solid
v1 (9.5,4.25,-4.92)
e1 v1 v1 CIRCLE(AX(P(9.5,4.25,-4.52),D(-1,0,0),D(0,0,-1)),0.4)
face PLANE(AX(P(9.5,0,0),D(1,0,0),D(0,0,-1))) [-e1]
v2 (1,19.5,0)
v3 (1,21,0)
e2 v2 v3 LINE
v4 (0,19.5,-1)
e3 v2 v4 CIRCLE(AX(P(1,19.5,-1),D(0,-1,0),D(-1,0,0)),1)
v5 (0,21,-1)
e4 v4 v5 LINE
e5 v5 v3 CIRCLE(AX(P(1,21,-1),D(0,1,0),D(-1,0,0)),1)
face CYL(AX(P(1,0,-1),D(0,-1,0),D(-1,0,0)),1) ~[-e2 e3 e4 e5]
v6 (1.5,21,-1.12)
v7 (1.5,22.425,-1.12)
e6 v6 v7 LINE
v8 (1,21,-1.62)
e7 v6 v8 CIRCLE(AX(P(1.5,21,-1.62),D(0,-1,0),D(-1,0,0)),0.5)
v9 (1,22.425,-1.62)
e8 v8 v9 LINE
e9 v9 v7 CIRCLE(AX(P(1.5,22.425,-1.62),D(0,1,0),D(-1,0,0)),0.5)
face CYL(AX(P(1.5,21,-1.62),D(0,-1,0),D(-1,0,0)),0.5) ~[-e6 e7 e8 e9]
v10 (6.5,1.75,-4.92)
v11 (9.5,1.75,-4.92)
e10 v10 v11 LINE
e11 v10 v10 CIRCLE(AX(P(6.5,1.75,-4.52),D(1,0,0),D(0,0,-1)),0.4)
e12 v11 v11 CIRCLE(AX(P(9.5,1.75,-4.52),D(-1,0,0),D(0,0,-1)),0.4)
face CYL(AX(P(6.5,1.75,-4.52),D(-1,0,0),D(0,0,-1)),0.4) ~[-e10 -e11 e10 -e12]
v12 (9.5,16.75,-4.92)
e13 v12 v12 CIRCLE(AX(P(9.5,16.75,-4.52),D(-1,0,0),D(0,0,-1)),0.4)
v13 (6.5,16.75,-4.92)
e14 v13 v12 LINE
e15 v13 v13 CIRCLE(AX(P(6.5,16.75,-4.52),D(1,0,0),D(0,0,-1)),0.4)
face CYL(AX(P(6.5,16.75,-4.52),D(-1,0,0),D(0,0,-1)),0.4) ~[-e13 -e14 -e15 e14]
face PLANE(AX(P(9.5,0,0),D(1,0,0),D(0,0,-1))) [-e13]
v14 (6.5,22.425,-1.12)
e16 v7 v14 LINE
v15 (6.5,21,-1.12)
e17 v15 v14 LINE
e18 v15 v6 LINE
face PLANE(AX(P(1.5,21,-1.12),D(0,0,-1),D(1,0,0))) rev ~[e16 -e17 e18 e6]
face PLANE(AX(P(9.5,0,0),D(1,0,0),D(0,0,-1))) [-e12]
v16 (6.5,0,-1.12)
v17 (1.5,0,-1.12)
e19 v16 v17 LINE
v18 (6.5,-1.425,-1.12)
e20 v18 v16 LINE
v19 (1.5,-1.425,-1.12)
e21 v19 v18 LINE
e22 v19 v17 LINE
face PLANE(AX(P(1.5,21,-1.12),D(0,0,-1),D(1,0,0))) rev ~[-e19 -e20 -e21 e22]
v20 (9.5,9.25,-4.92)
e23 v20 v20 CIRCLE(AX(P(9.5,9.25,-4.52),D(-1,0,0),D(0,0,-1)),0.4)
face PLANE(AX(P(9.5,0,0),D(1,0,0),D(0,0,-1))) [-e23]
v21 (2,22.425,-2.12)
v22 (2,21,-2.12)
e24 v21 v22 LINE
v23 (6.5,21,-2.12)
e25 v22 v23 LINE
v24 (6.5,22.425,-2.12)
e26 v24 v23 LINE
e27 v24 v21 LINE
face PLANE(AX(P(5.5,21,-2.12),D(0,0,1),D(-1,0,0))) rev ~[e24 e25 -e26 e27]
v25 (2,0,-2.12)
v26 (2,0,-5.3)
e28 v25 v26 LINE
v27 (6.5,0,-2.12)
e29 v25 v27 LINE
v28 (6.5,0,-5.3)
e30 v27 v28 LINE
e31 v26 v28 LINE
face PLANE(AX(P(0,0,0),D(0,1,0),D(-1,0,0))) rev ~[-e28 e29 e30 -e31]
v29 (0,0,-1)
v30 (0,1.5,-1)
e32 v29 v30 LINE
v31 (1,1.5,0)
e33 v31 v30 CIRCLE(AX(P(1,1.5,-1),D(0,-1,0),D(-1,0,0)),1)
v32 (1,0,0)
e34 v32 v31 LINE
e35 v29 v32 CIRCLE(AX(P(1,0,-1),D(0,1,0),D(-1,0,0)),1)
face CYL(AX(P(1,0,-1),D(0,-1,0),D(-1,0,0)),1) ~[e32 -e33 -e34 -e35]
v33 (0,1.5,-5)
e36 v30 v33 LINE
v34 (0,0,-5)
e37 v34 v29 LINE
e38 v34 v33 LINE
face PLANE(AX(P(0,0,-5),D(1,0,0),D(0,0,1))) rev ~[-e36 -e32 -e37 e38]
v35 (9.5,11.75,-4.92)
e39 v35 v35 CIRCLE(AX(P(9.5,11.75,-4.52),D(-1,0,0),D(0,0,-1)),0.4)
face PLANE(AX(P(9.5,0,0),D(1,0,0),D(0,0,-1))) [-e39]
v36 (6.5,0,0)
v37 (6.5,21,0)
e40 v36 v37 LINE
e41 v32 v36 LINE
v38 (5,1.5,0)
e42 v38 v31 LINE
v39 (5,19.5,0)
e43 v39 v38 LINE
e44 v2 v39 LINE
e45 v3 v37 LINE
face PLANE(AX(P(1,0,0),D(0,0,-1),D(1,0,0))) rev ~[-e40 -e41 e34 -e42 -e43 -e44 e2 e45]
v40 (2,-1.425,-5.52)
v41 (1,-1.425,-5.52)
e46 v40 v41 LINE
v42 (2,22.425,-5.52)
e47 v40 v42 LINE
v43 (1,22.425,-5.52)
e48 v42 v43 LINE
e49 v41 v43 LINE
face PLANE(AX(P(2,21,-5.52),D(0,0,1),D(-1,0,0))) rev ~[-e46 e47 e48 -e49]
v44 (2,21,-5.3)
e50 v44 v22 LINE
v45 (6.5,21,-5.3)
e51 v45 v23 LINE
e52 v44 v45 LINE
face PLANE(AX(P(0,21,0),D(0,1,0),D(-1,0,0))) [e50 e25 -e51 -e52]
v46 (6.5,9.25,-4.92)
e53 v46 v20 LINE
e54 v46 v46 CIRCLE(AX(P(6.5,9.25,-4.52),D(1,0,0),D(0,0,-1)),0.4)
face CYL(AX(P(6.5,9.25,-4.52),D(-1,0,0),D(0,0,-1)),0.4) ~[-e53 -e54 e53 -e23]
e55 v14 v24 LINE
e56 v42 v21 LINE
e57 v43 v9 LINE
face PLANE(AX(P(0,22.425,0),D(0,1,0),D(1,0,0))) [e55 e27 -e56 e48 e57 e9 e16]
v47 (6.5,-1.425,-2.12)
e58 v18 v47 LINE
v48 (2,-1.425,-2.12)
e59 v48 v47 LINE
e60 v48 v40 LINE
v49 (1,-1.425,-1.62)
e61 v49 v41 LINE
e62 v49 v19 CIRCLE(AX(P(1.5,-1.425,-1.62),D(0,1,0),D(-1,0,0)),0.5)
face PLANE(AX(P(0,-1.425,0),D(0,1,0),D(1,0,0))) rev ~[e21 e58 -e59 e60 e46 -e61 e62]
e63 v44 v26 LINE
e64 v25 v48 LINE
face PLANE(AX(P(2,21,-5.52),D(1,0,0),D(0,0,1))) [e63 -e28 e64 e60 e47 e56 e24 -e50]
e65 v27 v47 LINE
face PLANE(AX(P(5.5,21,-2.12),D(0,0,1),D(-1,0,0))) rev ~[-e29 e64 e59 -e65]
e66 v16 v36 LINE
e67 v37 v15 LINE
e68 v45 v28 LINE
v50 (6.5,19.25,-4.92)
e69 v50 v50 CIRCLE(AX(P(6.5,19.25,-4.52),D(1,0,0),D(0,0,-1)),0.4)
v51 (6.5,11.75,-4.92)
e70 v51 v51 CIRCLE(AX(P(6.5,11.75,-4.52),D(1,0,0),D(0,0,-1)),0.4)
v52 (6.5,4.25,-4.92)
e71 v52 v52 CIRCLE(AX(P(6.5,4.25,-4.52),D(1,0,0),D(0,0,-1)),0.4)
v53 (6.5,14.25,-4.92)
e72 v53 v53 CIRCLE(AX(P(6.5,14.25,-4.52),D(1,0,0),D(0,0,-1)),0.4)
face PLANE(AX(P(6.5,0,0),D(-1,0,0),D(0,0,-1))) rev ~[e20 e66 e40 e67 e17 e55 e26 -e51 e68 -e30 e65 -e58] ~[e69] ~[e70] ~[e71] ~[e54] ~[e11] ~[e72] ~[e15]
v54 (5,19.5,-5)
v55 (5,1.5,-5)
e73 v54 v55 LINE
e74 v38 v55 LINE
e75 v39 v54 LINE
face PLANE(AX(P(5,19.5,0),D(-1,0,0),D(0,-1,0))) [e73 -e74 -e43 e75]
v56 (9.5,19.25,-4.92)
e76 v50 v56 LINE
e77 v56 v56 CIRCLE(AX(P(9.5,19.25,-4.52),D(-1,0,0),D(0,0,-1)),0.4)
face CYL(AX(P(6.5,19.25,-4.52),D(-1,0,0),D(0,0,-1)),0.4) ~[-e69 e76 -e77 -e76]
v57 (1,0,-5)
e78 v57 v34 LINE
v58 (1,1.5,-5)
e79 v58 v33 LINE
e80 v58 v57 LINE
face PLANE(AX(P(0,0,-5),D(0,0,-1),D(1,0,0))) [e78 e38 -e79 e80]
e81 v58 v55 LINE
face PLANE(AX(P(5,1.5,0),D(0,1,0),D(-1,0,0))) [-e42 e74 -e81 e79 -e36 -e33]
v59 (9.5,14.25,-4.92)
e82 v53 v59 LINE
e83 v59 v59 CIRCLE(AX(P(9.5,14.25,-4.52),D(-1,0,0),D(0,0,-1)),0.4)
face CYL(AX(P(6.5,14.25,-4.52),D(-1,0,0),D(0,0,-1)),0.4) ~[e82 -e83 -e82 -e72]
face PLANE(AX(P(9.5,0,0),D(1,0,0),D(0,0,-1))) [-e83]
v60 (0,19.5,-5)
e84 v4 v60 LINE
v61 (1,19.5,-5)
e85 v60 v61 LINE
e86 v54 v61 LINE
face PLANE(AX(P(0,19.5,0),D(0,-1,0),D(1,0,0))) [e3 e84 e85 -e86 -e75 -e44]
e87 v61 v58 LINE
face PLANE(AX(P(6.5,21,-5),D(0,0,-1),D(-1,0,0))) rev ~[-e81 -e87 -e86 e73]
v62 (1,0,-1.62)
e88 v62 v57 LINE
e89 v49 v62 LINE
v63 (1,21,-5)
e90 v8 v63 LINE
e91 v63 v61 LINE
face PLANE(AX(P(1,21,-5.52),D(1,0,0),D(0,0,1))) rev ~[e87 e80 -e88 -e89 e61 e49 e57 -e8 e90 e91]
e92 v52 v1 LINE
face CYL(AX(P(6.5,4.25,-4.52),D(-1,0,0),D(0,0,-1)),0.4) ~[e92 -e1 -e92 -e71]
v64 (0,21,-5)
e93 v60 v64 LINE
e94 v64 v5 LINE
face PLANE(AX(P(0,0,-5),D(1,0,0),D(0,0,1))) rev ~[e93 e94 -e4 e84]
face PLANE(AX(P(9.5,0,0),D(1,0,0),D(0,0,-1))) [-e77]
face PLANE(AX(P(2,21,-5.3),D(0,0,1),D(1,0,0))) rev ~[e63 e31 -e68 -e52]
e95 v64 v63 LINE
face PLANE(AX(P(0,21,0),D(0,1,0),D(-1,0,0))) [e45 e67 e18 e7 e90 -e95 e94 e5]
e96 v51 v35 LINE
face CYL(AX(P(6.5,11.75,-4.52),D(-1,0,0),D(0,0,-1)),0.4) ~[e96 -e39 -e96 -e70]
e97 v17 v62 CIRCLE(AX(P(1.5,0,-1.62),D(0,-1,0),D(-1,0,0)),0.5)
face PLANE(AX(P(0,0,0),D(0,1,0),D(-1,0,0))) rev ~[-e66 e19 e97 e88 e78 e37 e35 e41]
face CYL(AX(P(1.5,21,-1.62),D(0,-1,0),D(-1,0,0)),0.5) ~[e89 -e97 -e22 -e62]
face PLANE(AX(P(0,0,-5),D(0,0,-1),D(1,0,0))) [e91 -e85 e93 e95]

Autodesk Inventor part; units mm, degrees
ref_plane "YZ Plane" through (0, 0, 0) normal (1, 0, 0) x (0, 1, 0)
ref_plane "XZ Plane" through (0, 0, 0) normal (0, 1, 0) x (-1, 0, 0)
ref_plane "XY Plane" through (0, 0, 0) normal (0, 0, 1) x (1, 0, 0)
sketch "Эскиз1" plane through (0, 0, 0) normal (0, 1, 0) x (-1, 0, 0)
  line L0 (0, -5) -> (-1, -5)
  line L1 (-1, -5) -> (-3, -5)
  line L2 (-1, -5) -> (-6.5, -5)
  line L3 (-6.5, -5) -> (-6.5, -5)
  line L4 (0, -5) -> (0, -1)
  line L5 (-1, 0) -> (-6.5, 0)
  line L6 (-6.5, 0) -> (-6.5, -5)
  line L7 (-1, -5) -> (-1, -1.1)
  line L8 (-1.5, -0.6) -> (-6.5, -0.6)
  line L9 (-6.5, -0.6) -> (-6.5, -5)
  line L10 (-2, -5) -> (-2, -1.6)
  line L11 (-2, -1.6) -> (-5.5, -1.6)
  line L12 (-5.5, -1.6) -> (-5.5, -5.52)
  line L13 (-5.5, -1.6) -> (-6.5, -1.6)
  arc A0 (0, -1) -> (-1, 0) centre (-1, -1) ccw
  arc A1 (-1, -1.1) -> (-1.5, -0.6) centre (-1.5, -1.1) ccw
  point P0 (0, 0)
  point P1 (0, 0)
  point P2 (-1, -0.6)
  point P3 (-4.25, -5.52)
  dimension "d2" = 1
  dimension "d31" = 5
  dimension "d32" = 4.4
  dimension "d74" = 6.5
  dimension "d75" = 1
  dimension "d76" = 1
  dimension "d77" = 0.5
extrude "Выдавливание1" add sketch "Эскиз1" along normal blind 21
sketch "Эскиз2" plane through (0, 21, 0) normal (0, 1, 0) x (1, 0, 0)
  line L0 (6.5, 5.52) -> (1, 5.52)
  line L1 (1, 5.52) -> (1, 1.62)
  line L2 (1.5, 1.12) -> (6.5, 1.12)
  line L3 (6.5, 1.12) -> (6.5, 5.52)
  line L4 (6.5, 5) -> (0, 5) projected
  line L5 (2, 2.12) -> (2, 4.52)
  line L6 (2, 4.52) -> (5.5, 4.52)
  line L7 (5.5, 4.52) -> (5.5, 2.12)
  line L8 (5.5, 2.12) -> (2, 2.12)
  line L9 (6.5, 5.52) -> (2, 5.52)
  line L10 (2, 5.52) -> (2, 2.12)
  line L11 (2, 2.12) -> (6.5, 2.12)
  line L12 (6.5, 2.12) -> (6.5, 5.52)
  arc A0 (1, 1.62) -> (1.5, 1.12) centre (1.5, 1.62) ccw
  point P0 (0, 0)
  point P1 (1, 1.12)
  point P2 (2, 5)
  point P3 (1, 5)
  point P4 (2, 5.52)
  dimension "d78" = 5.5
  dimension "d79" = 4.4
  dimension "d80" = 0.52
  dimension "d81" = 1
  dimension "d82" = 0.5
extrude "Выдавливание2" add sketch "Эскиз2" along normal blind 1.425 and the other way blind 22.425 contours L10 L4 L1 L0 | L10 L5 L8 L11 L3 L2 A0 L1 L4
sketch "Эскиз6" plane through (0, 0, 0) normal (0, 0, 1) x (1, 0, 0)
  line L0 (0, 0) -> (0, 1.5)
  line L1 (0, 0) -> (0, 21) projected
  line L2 (0, 21) -> (6.5, 21) projected
  line L3 (0, 21) -> (0, 19.5)
  line L4 (0, 19.5) -> (5, 19.5)
  line L5 (5, 19.5) -> (5, 1.5)
  line L6 (5, 1.5) -> (0, 1.5)
  line L7 (0, 1.5) -> (0, 19.5)
  dimension "d33" = 1.5
  dimension "d34" = 1.5
  dimension "d35" = 5
extrude "Выдавливание5" cut sketch "Эскиз6" against normal blind 5
sketch "Эскиз7" plane through (6.5, 0, 0) normal (1, 0, 0) x (0, 0, -1)
  line L0 (0, 0) -> (0, 21) projected
  line L1 (2.12, 21) -> (5, 21) projected
  line L2 (0, 0) -> (5, 0)
  line L3 (5, 0) -> (5, 21)
  line L4 (5, 21) -> (0, 21)
  line L5 (0, 21) -> (0, 0)
  line L6 (5, 0) -> (5, 21) projected
  line L7 (0, 19.5) -> (0, 1.5) projected
  line L8 (4.52, 10.5) -> (4.52, 19.25)
  line L9 (4.52, 19.25) -> (4.52, 1.75)
  line L10 (5, 10.5) -> (0, 10.5)
  line L11 (4.52, 19.25) -> (4.52, 16.75)
  line L12 (4.52, 16.75) -> (4.52, 14.25)
  line L13 (4.52, 14.25) -> (4.52, 11.75)
  line L14 (4.52, 11.75) -> (4.52, 9.25)
  line L15 (4.52, 9.25) -> (4.52, 6.75)
  line L16 (4.52, 6.75) -> (4.52, 4.25)
  circle A0 centre (4.52, 4.25) radius 0.4
  circle A1 centre (4.52, 1.75) radius 0.4
  circle A2 centre (4.52, 9.25) radius 0.4
  circle A3 centre (4.52, 11.75) radius 0.4
  circle A4 centre (4.52, 14.25) radius 0.4
  circle A5 centre (4.52, 16.75) radius 0.4
  circle A6 centre (4.52, 19.25) radius 0.4
  line L17 (5.52, -1.425) -> (5.52, 22.425) projected
  dimension "d84" = 17.5
  dimension "d85" = 2.5
  dimension "d86" = 2.5
  dimension "d87" = 2.5
  dimension "d88" = 2.5
  dimension "d89" = 2.5
  dimension "d90" = 2.5
  dimension "d91" = 0.8
  dimension "d92" = 0.8
  dimension "d93" = 0.8
  dimension "d94" = 0.8
  dimension "d95" = 0.8
  dimension "d96" = 0.8
  dimension "d97" = 0.8
  dimension "d101" = 1
extrude "Выдавливание6" add sketch "Эскиз7" along normal blind 3 contours A1 | A0 L9 | L9 A0 | A2 L9 | L9 A2 | A6 | A5 L8 | L8 A5 | A4 L8 | L8 A4 | A3 L8 | L8 A3
ref_plane "РабПлоскость1" through (0, 10.5, 0) normal (0, 1, 0) x (1, 0, 0)
sketch "Эскиз10" plane through (0, 21, 0) normal (0, 1, 0) x (1, 0, 0)
  line L0 (6.5, 5) -> (2, 5) projected
  line L1 (2, 2.12) -> (2, 5.52) projected
  line L2 (6.5, 5) -> (2, 5)
  line L3 (2, 5) -> (2, 5.3)
  line L4 (2, 5.3) -> (6.5, 5.3)
  line L5 (6.5, 5.3) -> (6.5, 5)
  point P0 (0, 0)
  dimension "d98" = 0.3
extrude "Выдавливание7" add sketch "Эскиз10" against normal up to surface (21 mm away)
properties part number "battery_header 7P"
